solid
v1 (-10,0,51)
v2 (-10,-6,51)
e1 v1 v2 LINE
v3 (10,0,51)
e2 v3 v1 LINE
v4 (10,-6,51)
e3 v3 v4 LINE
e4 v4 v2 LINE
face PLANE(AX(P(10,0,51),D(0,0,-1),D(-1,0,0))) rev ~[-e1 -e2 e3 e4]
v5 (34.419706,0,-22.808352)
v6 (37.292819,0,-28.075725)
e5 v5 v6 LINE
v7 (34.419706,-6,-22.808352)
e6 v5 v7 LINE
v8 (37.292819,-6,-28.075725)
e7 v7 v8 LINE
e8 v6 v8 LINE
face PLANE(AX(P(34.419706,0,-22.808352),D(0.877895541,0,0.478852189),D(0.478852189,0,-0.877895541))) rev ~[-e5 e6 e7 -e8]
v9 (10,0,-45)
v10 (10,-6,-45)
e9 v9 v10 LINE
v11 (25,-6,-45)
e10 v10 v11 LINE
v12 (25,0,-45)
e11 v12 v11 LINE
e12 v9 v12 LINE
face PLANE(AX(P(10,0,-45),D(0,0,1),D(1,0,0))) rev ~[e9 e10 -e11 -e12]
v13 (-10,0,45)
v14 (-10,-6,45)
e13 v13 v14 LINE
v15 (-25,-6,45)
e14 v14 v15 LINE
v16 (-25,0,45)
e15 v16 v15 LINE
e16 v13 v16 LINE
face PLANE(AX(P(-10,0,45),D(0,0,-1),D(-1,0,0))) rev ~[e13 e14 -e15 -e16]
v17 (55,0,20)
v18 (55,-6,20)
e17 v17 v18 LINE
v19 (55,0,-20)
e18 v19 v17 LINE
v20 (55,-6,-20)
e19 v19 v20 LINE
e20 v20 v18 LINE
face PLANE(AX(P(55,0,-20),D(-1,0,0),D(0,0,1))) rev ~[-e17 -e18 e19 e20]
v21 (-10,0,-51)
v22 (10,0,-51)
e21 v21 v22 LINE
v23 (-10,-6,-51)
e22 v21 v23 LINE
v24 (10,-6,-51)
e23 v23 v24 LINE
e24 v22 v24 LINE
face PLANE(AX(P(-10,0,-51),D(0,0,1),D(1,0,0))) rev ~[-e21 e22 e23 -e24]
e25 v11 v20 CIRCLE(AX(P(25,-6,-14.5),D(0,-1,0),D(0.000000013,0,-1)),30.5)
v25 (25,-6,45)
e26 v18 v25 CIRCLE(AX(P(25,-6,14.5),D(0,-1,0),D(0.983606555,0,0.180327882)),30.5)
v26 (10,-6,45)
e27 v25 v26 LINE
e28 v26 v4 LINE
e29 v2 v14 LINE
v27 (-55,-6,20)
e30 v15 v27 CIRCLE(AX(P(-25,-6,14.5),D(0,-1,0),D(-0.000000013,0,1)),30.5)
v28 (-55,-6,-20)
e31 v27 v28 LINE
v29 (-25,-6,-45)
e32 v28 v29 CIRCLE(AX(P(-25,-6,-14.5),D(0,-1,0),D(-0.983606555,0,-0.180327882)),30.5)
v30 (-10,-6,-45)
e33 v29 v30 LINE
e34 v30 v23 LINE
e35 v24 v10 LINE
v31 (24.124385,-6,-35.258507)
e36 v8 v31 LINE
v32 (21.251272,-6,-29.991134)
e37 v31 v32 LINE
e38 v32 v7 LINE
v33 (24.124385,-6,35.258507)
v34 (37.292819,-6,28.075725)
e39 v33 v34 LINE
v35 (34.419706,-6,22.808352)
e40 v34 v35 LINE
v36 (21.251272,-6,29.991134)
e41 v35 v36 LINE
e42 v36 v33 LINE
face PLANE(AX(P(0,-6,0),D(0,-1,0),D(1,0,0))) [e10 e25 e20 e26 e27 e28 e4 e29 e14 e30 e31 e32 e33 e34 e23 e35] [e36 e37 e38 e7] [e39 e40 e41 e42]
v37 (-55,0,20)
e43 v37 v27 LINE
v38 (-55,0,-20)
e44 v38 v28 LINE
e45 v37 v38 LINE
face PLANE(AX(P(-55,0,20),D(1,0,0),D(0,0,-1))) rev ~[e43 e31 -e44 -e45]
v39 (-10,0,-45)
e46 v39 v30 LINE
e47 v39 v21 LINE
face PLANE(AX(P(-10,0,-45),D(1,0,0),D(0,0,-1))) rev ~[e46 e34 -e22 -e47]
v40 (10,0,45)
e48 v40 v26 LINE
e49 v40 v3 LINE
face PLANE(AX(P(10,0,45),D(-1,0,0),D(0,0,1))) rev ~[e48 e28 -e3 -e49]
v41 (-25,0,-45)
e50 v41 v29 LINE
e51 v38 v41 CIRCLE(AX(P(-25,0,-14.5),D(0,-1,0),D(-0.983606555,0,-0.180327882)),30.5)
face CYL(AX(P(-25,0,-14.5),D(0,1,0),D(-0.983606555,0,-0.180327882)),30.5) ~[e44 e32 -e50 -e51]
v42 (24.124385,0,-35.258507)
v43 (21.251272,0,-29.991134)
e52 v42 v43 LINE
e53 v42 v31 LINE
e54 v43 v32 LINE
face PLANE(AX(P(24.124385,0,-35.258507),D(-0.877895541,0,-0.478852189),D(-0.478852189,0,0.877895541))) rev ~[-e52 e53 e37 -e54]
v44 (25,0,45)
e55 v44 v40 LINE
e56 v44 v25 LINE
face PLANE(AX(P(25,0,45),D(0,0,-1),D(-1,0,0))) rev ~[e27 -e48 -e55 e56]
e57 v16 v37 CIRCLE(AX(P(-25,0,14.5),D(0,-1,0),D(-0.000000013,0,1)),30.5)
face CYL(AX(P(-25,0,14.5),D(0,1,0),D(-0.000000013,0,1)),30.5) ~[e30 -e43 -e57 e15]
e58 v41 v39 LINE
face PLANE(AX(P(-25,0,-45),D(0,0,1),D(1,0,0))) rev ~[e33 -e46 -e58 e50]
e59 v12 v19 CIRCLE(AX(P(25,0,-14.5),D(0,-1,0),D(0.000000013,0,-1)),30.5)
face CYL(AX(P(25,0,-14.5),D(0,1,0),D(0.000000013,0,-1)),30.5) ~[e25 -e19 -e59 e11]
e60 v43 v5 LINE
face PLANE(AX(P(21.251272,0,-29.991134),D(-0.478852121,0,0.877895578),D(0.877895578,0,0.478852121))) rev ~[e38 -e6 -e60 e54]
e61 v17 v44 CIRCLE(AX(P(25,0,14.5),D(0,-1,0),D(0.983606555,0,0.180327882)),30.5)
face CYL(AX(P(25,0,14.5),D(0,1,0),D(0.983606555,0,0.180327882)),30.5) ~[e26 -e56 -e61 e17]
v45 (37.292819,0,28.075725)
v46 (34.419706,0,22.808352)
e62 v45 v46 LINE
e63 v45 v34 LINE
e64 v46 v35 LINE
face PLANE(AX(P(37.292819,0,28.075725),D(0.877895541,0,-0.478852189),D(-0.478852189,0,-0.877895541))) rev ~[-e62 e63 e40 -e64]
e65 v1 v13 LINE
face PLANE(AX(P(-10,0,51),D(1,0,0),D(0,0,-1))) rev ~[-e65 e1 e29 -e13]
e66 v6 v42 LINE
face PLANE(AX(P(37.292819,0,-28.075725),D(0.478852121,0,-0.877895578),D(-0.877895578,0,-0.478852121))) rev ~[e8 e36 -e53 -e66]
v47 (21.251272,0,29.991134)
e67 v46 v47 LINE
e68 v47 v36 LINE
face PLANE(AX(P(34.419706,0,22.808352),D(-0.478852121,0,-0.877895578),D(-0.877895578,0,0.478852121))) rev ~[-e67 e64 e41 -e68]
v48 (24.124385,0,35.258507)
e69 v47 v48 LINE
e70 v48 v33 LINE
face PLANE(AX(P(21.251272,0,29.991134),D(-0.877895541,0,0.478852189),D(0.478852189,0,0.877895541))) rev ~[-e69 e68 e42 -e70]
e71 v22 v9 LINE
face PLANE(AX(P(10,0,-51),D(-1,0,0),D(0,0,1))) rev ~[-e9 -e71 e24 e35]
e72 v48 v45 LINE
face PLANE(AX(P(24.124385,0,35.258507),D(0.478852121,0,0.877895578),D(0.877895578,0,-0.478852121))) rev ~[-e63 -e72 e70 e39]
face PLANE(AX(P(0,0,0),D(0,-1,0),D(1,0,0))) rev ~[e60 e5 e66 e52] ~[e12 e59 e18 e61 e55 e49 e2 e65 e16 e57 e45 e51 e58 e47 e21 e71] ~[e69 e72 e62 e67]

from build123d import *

# Parameters (mm, degrees)
F1_DEPTH = 6


with BuildPart() as f1:
    # F0 (on Front) → F1 (new body)
    with BuildSketch(Plane.XZ):
        with BuildLine():
            Line((-10, -51), (10, -51))
            Line((10, -51), (10, -45))
            Line((10, -45), (25, -45))
            ThreePointArc((25, -45), (44.525624, -37.930749), (55, -20))
            Line((55, -20), (55, 0))
            Line((55, 0), (55, 20))
            ThreePointArc((55, 20), (44.525624, 37.930749), (25, 45))
            Line((25, 45), (10, 45))
            Line((10, 45), (10, 51))
            Line((10, 51), (-10, 51))
            Line((-10, 51), (-10, 45))
            Line((-10, 45), (-25, 45))
            ThreePointArc((-25, 45), (-44.525624, 37.930749), (-55, 20))
            Line((-55, 20), (-55, 0))
            Line((-55, 0), (-55, -20))
            ThreePointArc((-55, -20), (-44.525624, -37.930749), (-25, -45))
            Line((-25, -45), (-10, -45))
            Line((-10, -45), (-10, -51))
        make_face()
        Polygon((24.124385, -35.258507), (21.251272, -29.991134), (34.419706, -22.808352), (37.292819, -28.075725), align=None, mode=Mode.SUBTRACT)
        Polygon((34.419706, 22.808352), (21.251272, 29.991134), (24.124385, 35.258507), (37.292819, 28.075725), align=None, mode=Mode.SUBTRACT)
    extrude(amount=F1_DEPTH)


solid = f1.part
